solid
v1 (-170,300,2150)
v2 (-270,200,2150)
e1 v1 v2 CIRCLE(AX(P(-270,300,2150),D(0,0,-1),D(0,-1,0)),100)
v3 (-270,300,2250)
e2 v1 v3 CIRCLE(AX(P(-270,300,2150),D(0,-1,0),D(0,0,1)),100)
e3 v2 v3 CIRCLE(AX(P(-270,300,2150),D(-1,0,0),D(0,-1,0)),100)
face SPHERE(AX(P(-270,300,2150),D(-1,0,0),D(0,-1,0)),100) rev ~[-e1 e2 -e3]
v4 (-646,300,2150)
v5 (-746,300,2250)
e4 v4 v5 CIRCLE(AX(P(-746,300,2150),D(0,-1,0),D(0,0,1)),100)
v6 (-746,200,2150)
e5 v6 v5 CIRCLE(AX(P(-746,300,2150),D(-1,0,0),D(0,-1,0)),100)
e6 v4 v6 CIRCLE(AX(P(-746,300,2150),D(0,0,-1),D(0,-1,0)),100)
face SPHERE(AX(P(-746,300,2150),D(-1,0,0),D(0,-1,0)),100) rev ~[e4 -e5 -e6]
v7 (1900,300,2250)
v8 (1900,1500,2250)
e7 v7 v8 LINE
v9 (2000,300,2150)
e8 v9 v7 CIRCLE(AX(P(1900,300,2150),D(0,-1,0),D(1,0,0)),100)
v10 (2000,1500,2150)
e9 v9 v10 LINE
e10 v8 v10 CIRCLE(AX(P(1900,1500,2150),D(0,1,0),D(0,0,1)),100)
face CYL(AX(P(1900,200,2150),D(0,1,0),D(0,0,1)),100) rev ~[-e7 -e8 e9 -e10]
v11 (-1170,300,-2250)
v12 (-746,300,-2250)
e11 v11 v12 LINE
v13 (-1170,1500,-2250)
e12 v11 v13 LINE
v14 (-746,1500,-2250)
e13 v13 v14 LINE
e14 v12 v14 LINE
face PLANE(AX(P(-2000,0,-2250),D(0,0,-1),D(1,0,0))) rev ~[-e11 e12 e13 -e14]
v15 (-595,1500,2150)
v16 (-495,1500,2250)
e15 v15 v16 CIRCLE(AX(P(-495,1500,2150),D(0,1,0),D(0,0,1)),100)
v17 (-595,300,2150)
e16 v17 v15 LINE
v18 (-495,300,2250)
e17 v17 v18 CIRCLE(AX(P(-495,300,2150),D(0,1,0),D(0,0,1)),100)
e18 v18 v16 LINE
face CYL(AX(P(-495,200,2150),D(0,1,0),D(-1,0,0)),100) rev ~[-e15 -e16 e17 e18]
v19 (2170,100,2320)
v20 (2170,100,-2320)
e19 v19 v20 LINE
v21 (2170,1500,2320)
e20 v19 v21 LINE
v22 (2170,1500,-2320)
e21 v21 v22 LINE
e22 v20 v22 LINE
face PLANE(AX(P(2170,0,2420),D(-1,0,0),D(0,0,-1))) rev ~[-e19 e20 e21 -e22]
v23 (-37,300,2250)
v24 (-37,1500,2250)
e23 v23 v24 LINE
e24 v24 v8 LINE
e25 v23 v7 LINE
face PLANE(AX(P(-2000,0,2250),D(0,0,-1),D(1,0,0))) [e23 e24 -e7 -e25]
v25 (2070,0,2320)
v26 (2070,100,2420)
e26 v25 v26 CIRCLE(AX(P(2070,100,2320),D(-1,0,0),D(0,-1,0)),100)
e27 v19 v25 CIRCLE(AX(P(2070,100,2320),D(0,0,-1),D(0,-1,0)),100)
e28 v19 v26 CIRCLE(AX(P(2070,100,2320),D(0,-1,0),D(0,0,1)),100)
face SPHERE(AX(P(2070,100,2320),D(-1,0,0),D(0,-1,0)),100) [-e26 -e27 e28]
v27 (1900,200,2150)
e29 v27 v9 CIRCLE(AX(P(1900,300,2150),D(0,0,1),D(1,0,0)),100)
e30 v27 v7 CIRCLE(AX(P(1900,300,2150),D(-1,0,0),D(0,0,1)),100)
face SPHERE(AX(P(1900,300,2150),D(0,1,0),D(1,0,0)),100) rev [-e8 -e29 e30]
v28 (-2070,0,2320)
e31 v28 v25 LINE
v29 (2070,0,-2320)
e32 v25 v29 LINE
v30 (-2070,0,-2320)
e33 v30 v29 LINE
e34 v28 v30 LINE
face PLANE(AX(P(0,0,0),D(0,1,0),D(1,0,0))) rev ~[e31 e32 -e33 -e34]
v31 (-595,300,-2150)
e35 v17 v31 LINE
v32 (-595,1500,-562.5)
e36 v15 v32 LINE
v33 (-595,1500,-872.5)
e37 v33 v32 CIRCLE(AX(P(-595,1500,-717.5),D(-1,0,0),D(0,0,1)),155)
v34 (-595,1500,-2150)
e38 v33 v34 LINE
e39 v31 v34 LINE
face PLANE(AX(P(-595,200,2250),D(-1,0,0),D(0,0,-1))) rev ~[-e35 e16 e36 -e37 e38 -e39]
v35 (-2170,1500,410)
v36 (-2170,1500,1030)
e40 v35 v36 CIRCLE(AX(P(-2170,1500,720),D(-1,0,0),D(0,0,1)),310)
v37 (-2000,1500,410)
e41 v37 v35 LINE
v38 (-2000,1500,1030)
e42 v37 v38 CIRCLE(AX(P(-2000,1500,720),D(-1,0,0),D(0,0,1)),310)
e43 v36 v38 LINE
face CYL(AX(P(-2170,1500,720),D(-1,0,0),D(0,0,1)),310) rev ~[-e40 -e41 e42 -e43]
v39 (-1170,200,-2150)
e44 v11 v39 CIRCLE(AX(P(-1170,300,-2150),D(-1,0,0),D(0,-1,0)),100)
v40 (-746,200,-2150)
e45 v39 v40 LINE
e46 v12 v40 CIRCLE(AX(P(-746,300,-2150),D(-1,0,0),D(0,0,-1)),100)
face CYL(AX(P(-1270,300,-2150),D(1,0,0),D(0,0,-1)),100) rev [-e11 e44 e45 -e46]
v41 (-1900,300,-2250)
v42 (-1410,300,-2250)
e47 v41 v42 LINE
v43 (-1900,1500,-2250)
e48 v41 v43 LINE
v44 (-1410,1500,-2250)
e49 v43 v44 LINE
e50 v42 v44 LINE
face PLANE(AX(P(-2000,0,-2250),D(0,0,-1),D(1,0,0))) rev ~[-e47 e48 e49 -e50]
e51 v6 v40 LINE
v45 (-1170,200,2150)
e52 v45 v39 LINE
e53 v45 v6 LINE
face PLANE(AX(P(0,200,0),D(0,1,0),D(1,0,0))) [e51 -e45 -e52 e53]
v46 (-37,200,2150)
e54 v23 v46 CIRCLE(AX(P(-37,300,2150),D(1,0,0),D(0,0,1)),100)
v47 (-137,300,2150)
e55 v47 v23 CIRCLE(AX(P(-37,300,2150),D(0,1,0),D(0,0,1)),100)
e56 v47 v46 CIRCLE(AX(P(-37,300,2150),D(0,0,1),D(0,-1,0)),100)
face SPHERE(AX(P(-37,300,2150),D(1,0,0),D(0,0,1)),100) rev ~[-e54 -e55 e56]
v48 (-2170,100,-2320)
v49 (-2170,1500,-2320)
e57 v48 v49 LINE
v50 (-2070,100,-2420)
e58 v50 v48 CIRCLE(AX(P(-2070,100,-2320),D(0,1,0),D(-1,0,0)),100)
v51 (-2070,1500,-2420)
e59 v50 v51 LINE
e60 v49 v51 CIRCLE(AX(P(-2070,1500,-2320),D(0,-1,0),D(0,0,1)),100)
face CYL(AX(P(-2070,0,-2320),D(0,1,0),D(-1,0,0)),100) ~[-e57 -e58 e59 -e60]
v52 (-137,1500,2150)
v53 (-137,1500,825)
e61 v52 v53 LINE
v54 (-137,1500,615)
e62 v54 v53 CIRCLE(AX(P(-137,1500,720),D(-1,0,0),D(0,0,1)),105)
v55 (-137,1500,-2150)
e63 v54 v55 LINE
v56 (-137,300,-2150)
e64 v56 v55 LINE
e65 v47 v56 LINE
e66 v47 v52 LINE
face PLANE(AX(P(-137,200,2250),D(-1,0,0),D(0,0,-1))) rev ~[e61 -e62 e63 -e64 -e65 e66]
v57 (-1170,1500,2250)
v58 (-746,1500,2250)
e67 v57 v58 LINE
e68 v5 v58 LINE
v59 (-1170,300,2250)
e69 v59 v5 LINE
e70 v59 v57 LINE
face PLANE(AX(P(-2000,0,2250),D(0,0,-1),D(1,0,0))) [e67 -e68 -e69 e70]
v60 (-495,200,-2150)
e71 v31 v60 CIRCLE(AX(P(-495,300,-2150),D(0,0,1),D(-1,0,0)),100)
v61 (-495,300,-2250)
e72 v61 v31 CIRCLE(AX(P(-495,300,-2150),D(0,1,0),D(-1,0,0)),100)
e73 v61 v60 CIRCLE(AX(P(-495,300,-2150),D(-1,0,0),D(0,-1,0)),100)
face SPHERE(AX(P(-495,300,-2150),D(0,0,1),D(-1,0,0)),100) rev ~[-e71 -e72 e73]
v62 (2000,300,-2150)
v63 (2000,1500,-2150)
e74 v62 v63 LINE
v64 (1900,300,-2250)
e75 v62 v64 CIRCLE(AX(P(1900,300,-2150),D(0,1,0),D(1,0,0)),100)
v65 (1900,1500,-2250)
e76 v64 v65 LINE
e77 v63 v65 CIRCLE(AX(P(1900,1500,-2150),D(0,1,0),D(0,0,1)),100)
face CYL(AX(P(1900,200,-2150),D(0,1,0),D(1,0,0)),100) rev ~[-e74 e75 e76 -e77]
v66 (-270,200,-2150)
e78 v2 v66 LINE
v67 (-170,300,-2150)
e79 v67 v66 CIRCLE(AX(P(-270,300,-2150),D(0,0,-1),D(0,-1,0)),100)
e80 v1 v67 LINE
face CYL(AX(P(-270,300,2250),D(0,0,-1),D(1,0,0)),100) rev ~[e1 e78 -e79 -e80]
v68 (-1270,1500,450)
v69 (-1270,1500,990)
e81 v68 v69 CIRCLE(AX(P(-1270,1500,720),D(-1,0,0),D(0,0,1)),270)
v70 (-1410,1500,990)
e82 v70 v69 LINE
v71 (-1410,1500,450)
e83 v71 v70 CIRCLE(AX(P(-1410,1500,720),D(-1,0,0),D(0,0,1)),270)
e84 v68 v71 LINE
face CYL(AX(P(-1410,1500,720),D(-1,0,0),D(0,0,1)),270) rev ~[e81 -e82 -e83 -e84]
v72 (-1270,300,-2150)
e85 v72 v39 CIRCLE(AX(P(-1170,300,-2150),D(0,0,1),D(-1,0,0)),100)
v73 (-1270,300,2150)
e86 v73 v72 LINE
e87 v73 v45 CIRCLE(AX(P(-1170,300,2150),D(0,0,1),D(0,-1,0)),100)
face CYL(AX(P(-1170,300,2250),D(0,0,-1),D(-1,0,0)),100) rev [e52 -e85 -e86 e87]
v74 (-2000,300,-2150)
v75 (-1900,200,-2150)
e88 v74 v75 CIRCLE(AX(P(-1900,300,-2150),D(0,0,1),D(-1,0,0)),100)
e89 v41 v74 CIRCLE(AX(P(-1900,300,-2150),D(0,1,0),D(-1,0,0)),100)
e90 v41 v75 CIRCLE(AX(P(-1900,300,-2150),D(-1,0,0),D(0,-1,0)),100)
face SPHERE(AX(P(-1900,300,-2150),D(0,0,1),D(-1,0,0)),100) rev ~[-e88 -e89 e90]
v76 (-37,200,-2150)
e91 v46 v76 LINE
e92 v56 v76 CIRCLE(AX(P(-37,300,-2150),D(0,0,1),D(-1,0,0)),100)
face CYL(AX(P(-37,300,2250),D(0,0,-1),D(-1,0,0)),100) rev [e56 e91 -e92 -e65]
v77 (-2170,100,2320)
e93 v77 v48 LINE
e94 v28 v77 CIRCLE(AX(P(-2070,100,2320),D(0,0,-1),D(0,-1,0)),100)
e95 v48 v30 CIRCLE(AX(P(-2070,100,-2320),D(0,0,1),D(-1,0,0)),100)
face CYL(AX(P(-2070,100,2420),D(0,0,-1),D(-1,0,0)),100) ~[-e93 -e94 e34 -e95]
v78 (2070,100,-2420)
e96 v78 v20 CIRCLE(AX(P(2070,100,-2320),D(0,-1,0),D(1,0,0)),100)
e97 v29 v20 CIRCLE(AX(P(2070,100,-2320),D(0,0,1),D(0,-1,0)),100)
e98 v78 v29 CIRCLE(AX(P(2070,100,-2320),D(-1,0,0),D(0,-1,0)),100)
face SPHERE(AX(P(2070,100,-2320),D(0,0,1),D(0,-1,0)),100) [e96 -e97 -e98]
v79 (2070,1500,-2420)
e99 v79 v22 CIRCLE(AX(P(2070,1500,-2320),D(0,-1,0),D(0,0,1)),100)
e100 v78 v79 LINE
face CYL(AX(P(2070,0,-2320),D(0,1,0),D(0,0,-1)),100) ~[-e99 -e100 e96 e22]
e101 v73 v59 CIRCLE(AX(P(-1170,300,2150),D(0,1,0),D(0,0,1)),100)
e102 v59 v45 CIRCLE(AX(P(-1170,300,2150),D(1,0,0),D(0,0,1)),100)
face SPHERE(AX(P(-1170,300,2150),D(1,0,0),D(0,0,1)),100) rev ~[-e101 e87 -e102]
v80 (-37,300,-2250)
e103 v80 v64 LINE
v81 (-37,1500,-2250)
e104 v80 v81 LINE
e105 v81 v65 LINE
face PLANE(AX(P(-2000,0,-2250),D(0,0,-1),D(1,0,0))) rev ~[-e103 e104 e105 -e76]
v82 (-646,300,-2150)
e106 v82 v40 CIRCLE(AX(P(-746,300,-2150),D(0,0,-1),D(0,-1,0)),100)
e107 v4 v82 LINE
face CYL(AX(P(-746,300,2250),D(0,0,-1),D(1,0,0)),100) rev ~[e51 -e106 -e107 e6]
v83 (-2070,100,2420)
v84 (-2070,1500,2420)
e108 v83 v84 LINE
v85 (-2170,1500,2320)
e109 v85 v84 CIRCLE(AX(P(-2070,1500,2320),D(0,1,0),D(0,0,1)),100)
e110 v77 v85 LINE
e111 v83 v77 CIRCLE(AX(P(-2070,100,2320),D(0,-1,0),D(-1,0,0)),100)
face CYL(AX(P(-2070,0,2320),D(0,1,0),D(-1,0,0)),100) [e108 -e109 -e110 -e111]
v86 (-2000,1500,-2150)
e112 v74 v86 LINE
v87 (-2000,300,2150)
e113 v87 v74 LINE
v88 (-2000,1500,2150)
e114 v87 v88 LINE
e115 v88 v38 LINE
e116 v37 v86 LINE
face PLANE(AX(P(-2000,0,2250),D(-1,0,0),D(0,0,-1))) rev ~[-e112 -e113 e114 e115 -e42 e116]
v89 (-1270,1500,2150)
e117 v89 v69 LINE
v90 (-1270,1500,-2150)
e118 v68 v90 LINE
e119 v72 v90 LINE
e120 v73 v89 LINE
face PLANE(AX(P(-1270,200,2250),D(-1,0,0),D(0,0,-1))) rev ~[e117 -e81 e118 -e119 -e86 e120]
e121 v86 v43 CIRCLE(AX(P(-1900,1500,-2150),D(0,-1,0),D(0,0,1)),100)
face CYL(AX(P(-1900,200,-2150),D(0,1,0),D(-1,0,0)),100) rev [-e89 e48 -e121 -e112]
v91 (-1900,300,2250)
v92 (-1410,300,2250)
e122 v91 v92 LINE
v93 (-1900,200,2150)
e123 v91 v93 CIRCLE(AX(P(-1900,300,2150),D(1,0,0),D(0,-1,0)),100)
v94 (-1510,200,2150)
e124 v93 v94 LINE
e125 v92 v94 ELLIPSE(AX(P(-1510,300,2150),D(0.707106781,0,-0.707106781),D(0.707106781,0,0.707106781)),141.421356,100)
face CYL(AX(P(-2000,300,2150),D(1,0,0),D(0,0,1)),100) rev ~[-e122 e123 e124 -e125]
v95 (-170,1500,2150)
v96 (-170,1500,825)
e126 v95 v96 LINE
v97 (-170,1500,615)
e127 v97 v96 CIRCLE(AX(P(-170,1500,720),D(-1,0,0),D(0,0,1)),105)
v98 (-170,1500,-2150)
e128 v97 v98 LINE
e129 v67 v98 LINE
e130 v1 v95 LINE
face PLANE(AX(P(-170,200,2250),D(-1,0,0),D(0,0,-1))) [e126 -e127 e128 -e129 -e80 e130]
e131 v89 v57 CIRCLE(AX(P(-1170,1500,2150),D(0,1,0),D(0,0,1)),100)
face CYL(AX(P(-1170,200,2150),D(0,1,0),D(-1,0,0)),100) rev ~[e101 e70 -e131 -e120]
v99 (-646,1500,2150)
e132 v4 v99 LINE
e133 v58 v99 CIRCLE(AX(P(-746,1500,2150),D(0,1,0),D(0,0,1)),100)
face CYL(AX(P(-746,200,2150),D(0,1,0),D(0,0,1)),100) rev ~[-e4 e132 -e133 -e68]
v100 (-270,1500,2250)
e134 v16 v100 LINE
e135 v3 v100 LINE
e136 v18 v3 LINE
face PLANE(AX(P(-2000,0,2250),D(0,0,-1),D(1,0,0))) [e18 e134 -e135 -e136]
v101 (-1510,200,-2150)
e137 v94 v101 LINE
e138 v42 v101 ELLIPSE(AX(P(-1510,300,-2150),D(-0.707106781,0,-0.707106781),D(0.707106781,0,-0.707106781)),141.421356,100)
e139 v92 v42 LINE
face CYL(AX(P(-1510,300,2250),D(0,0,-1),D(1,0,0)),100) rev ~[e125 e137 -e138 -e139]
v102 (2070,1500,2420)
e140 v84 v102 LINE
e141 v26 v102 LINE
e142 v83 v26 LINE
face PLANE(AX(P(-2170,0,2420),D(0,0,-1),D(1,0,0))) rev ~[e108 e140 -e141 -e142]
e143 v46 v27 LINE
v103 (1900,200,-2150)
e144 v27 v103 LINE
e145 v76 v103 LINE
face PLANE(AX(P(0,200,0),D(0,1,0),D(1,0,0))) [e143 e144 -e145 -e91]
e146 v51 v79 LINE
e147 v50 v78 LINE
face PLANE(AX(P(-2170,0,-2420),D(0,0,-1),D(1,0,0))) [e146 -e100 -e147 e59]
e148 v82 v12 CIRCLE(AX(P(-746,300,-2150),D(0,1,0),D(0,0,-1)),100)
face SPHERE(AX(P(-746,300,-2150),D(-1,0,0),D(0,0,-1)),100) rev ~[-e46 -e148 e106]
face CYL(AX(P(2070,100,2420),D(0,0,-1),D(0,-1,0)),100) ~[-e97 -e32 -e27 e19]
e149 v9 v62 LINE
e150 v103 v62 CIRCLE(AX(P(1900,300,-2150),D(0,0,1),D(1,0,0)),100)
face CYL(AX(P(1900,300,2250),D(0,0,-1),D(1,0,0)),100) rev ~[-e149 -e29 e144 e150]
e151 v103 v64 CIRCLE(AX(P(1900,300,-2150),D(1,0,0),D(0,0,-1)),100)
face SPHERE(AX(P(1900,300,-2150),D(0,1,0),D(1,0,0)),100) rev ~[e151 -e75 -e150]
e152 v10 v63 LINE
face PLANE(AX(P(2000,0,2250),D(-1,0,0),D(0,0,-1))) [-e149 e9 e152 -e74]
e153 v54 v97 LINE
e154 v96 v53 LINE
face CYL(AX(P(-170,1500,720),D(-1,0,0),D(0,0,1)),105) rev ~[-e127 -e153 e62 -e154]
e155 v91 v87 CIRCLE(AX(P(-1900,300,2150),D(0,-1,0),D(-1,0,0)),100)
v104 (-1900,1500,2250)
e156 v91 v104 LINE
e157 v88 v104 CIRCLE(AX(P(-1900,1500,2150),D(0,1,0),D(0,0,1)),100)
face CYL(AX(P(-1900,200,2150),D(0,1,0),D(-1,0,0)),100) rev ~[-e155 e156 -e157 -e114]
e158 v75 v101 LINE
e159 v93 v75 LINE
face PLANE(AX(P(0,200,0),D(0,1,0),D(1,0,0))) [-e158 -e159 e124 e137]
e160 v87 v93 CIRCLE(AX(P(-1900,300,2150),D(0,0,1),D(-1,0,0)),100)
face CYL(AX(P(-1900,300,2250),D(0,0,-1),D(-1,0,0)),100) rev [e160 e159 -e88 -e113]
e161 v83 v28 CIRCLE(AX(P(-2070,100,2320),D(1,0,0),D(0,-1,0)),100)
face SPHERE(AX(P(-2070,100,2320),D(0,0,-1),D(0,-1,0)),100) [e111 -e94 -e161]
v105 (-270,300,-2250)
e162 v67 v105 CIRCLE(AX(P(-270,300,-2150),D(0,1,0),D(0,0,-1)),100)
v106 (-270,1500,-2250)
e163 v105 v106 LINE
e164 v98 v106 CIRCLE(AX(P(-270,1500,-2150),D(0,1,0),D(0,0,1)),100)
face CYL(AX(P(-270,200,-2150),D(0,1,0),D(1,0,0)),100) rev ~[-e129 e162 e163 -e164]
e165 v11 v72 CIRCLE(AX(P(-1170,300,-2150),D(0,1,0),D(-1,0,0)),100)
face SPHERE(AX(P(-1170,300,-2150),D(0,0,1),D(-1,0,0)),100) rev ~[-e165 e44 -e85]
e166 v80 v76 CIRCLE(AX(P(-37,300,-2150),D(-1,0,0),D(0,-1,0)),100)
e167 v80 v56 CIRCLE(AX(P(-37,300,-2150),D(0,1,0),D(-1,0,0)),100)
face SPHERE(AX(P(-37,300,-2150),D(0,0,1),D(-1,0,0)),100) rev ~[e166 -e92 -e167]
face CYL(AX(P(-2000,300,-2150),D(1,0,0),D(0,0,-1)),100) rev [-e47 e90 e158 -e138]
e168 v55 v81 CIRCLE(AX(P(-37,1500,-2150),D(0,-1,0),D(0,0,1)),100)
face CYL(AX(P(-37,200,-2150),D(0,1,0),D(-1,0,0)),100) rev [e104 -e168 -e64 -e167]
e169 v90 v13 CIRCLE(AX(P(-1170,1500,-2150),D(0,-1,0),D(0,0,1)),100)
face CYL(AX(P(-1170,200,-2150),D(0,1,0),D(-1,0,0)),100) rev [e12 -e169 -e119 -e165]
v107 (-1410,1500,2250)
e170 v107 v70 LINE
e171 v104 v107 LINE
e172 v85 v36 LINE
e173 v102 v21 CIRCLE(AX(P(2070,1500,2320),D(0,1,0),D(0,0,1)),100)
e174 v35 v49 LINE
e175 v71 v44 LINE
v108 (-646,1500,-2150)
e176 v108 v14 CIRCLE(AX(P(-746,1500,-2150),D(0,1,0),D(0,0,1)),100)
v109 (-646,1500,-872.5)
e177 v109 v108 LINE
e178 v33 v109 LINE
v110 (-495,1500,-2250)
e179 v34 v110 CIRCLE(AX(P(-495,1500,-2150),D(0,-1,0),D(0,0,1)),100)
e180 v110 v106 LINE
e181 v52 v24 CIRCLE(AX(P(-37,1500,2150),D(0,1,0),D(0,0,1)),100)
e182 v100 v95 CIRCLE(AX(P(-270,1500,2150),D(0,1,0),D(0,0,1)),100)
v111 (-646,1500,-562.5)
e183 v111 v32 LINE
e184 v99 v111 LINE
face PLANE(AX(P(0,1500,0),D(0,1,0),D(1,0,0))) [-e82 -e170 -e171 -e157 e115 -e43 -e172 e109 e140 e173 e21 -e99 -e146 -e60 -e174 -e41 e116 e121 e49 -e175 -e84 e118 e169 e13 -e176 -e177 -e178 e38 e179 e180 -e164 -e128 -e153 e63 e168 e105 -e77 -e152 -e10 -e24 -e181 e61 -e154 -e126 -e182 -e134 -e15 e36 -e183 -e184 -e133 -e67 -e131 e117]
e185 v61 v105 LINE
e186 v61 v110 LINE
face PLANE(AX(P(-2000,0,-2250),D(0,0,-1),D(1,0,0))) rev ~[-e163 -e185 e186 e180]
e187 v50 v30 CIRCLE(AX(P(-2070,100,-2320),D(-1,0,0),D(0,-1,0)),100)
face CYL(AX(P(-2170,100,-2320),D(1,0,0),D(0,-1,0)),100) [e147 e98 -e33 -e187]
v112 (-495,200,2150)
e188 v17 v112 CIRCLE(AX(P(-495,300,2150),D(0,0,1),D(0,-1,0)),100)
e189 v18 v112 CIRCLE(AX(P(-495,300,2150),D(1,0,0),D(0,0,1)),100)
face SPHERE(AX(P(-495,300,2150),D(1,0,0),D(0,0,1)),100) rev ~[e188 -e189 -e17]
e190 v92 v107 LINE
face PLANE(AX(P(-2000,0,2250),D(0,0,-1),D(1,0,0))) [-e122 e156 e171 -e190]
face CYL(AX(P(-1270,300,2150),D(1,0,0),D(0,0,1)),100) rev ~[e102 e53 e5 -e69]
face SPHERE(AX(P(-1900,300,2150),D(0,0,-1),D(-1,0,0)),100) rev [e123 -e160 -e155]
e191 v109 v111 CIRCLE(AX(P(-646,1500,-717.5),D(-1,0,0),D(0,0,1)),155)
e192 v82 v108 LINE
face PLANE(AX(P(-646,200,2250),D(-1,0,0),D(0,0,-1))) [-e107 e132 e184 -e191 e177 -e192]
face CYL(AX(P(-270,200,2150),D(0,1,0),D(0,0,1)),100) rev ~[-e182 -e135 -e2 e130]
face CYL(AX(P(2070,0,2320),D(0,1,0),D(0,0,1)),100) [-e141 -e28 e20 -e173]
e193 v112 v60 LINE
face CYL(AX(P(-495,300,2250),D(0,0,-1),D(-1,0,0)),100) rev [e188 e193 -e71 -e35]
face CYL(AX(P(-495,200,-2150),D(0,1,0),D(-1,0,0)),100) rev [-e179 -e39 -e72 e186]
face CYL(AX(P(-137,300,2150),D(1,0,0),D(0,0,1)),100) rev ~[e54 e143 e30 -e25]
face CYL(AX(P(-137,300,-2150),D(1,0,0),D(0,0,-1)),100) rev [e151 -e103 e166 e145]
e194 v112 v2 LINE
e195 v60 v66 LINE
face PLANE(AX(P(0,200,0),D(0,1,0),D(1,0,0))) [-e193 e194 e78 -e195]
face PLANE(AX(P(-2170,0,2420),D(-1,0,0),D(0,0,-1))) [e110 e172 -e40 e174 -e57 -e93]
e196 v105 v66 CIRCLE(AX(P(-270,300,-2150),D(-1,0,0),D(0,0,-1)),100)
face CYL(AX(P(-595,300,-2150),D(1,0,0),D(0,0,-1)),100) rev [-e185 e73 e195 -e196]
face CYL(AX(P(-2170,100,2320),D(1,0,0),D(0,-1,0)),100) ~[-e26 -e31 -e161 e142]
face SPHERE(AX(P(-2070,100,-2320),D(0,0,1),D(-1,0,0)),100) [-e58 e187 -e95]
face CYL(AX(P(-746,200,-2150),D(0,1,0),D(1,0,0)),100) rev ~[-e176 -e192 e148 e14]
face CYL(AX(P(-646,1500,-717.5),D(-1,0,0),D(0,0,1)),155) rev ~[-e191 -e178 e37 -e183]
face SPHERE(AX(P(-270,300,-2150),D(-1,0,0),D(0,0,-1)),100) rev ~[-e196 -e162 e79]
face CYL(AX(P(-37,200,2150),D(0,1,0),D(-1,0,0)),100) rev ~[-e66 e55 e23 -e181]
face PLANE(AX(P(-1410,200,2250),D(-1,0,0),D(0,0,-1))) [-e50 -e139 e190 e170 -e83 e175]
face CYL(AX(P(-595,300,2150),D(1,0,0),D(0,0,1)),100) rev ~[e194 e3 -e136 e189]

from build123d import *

# Parameters (mm, degrees)
SKETCH2_W           = 4000
SKETCH2_H           = 4500
BOSS_EXTRUDE1_DEPTH = 200
SKETCH5_W           = 4340
SKETCH5_H           = 4840
SKETCH5_W_2         = 4000
SKETCH5_H_2         = 4500
BOSS_EXTRUDE2_DEPTH = 1500
SKETCH6_W           = 140
SKETCH6_H           = 4500
SKETCH6_W_2         = 51
SKETCH6_W_3         = 33
BOSS_EXTRUDE4_DEPTH = 1300
CUT_EXTRUDE1_REACH  = 5192.568
SKETCH7_R           = 310
CUT_EXTRUDE2_REACH  = 4576.145
SKETCH8_R           = 270
CUT_EXTRUDE3_REACH  = 3687.377
SKETCH9_R           = 105
CUT_EXTRUDE4_REACH  = 4006.529
SKETCH10_R          = 155
FILLET1_R           = 100


with BuildPart() as part:
    # Sketch2 → Boss-Extrude1 (new body)
    with BuildSketch(Plane(origin=(0, 0, 0), x_dir=(1, 0, 0), z_dir=(0, 1, 0))):
        Rectangle(SKETCH2_W, SKETCH2_H)
    extrude(amount=BOSS_EXTRUDE1_DEPTH)

    # Sketch5 → Boss-Extrude2 (add)
    with BuildSketch(Plane(origin=(0, 0, 0), x_dir=(1, 0, 0), z_dir=(0, 1, 0))):
        Rectangle(SKETCH5_W, SKETCH5_H)
        Rectangle(SKETCH5_W_2, SKETCH5_H_2, mode=Mode.SUBTRACT)
    extrude(amount=BOSS_EXTRUDE2_DEPTH)

    # Sketch6 → Boss-Extrude4 (add)
    with BuildSketch(Plane(origin=(0, 200, 0), x_dir=(1, 0, 0), z_dir=(0, 1, 0))):
        with Locations((-1340, 0)):
            Rectangle(SKETCH6_W, SKETCH6_H)
        with Locations((-620.5, 0)):
            Rectangle(SKETCH6_W_2, SKETCH6_H)
        with Locations((-153.5, 0)):
            Rectangle(SKETCH6_W_3, SKETCH6_H)
    extrude(amount=BOSS_EXTRUDE4_DEPTH)

    # Sketch7 → Cut-Extrude1 (cut, up to next)
    with BuildSketch(Plane.ZY.offset(2170), mode=Mode.PRIVATE) as cut_extrude1_sk1:
        with Locations((720, 1500)):
            Circle(SKETCH7_R)
    cut_extrude1_tool1 = extrude(cut_extrude1_sk1.sketch, amount=-CUT_EXTRUDE1_REACH, mode=Mode.PRIVATE) & part.part
    add(cut_extrude1_tool1.solids().sort_by_distance((-2170, 1500, 720))[0], mode=Mode.SUBTRACT)

    # Sketch8 → Cut-Extrude2 (cut, up to next)
    with BuildSketch(Plane.ZY.offset(1410), mode=Mode.PRIVATE) as cut_extrude2_sk1:
        with Locations((720, 1500)):
            Circle(SKETCH8_R)
    cut_extrude2_tool1 = extrude(cut_extrude2_sk1.sketch, amount=-CUT_EXTRUDE2_REACH, mode=Mode.PRIVATE) & part.part
    add(cut_extrude2_tool1.solids().sort_by_distance((-1410, 1500, 720))[0], mode=Mode.SUBTRACT)

    # Sketch9 → Cut-Extrude3 (cut, up to next)
    with BuildSketch(Plane.ZY.offset(170), mode=Mode.PRIVATE) as cut_extrude3_sk1:
        with Locations((720, 1500)):
            Circle(SKETCH9_R)
    cut_extrude3_tool1 = extrude(cut_extrude3_sk1.sketch, amount=-CUT_EXTRUDE3_REACH, mode=Mode.PRIVATE) & part.part
    add(cut_extrude3_tool1.solids().sort_by_distance((-170, 1500, 720))[0], mode=Mode.SUBTRACT)

    # Sketch10 → Cut-Extrude4 (cut, up to next)
    with BuildSketch(Plane.ZY.offset(646), mode=Mode.PRIVATE) as cut_extrude4_sk1:
        with Locations((-717.5, 1500)):
            Circle(SKETCH10_R)
    cut_extrude4_tool1 = extrude(cut_extrude4_sk1.sketch, amount=-CUT_EXTRUDE4_REACH, mode=Mode.PRIVATE) & part.part
    add(cut_extrude4_tool1.solids().sort_by_distance((-646, 1500, -717.5))[0], mode=Mode.SUBTRACT)

    # Fillet1
    fillet1_edges = [part.edges().sort_by_distance(p)[0] for p in [
        (-2000, 200, 0),
        (2000, 850, -2250),
        (-2000, 850, -2250),
        (-2000, 850, 2250),
        (2000, 850, 2250),
        (-1705, 200, 2250),
        (-2170, 0, 0),
        (-2170, 750, -2420),
        (0, 0, 2420),
        (-2170, 750, 2420),
        (2170, 0, 0),
        (2170, 750, 2420),
        (0, 0, -2420),
        (2170, 750, -2420),
        (-958, 200, 2250),
        (-1705, 200, -2250),
        (-1410, 200, 0),
        (-1270, 850, 2250),
        (-1270, 200, 0),
        (-1270, 850, -2250),
        (2000, 200, 0),
        (-382.5, 200, 2250),
        (-958, 200, -2250),
        (-646, 850, -2250),
        (-646, 200, 0),
        (-646, 850, 2250),
        (-595, 850, 2250),
        (-595, 200, 0),
        (-595, 850, -2250),
        (931.5, 200, 2250),
        (-382.5, 200, -2250),
        (-170, 850, -2250),
        (-170, 200, 0),
        (-170, 850, 2250),
        (-137, 850, 2250),
        (-137, 200, 0),
        (-137, 850, -2250),
        (931.5, 200, -2250),
    ]]
    fillet(fillet1_edges, radius=FILLET1_R)


solid = part.part
